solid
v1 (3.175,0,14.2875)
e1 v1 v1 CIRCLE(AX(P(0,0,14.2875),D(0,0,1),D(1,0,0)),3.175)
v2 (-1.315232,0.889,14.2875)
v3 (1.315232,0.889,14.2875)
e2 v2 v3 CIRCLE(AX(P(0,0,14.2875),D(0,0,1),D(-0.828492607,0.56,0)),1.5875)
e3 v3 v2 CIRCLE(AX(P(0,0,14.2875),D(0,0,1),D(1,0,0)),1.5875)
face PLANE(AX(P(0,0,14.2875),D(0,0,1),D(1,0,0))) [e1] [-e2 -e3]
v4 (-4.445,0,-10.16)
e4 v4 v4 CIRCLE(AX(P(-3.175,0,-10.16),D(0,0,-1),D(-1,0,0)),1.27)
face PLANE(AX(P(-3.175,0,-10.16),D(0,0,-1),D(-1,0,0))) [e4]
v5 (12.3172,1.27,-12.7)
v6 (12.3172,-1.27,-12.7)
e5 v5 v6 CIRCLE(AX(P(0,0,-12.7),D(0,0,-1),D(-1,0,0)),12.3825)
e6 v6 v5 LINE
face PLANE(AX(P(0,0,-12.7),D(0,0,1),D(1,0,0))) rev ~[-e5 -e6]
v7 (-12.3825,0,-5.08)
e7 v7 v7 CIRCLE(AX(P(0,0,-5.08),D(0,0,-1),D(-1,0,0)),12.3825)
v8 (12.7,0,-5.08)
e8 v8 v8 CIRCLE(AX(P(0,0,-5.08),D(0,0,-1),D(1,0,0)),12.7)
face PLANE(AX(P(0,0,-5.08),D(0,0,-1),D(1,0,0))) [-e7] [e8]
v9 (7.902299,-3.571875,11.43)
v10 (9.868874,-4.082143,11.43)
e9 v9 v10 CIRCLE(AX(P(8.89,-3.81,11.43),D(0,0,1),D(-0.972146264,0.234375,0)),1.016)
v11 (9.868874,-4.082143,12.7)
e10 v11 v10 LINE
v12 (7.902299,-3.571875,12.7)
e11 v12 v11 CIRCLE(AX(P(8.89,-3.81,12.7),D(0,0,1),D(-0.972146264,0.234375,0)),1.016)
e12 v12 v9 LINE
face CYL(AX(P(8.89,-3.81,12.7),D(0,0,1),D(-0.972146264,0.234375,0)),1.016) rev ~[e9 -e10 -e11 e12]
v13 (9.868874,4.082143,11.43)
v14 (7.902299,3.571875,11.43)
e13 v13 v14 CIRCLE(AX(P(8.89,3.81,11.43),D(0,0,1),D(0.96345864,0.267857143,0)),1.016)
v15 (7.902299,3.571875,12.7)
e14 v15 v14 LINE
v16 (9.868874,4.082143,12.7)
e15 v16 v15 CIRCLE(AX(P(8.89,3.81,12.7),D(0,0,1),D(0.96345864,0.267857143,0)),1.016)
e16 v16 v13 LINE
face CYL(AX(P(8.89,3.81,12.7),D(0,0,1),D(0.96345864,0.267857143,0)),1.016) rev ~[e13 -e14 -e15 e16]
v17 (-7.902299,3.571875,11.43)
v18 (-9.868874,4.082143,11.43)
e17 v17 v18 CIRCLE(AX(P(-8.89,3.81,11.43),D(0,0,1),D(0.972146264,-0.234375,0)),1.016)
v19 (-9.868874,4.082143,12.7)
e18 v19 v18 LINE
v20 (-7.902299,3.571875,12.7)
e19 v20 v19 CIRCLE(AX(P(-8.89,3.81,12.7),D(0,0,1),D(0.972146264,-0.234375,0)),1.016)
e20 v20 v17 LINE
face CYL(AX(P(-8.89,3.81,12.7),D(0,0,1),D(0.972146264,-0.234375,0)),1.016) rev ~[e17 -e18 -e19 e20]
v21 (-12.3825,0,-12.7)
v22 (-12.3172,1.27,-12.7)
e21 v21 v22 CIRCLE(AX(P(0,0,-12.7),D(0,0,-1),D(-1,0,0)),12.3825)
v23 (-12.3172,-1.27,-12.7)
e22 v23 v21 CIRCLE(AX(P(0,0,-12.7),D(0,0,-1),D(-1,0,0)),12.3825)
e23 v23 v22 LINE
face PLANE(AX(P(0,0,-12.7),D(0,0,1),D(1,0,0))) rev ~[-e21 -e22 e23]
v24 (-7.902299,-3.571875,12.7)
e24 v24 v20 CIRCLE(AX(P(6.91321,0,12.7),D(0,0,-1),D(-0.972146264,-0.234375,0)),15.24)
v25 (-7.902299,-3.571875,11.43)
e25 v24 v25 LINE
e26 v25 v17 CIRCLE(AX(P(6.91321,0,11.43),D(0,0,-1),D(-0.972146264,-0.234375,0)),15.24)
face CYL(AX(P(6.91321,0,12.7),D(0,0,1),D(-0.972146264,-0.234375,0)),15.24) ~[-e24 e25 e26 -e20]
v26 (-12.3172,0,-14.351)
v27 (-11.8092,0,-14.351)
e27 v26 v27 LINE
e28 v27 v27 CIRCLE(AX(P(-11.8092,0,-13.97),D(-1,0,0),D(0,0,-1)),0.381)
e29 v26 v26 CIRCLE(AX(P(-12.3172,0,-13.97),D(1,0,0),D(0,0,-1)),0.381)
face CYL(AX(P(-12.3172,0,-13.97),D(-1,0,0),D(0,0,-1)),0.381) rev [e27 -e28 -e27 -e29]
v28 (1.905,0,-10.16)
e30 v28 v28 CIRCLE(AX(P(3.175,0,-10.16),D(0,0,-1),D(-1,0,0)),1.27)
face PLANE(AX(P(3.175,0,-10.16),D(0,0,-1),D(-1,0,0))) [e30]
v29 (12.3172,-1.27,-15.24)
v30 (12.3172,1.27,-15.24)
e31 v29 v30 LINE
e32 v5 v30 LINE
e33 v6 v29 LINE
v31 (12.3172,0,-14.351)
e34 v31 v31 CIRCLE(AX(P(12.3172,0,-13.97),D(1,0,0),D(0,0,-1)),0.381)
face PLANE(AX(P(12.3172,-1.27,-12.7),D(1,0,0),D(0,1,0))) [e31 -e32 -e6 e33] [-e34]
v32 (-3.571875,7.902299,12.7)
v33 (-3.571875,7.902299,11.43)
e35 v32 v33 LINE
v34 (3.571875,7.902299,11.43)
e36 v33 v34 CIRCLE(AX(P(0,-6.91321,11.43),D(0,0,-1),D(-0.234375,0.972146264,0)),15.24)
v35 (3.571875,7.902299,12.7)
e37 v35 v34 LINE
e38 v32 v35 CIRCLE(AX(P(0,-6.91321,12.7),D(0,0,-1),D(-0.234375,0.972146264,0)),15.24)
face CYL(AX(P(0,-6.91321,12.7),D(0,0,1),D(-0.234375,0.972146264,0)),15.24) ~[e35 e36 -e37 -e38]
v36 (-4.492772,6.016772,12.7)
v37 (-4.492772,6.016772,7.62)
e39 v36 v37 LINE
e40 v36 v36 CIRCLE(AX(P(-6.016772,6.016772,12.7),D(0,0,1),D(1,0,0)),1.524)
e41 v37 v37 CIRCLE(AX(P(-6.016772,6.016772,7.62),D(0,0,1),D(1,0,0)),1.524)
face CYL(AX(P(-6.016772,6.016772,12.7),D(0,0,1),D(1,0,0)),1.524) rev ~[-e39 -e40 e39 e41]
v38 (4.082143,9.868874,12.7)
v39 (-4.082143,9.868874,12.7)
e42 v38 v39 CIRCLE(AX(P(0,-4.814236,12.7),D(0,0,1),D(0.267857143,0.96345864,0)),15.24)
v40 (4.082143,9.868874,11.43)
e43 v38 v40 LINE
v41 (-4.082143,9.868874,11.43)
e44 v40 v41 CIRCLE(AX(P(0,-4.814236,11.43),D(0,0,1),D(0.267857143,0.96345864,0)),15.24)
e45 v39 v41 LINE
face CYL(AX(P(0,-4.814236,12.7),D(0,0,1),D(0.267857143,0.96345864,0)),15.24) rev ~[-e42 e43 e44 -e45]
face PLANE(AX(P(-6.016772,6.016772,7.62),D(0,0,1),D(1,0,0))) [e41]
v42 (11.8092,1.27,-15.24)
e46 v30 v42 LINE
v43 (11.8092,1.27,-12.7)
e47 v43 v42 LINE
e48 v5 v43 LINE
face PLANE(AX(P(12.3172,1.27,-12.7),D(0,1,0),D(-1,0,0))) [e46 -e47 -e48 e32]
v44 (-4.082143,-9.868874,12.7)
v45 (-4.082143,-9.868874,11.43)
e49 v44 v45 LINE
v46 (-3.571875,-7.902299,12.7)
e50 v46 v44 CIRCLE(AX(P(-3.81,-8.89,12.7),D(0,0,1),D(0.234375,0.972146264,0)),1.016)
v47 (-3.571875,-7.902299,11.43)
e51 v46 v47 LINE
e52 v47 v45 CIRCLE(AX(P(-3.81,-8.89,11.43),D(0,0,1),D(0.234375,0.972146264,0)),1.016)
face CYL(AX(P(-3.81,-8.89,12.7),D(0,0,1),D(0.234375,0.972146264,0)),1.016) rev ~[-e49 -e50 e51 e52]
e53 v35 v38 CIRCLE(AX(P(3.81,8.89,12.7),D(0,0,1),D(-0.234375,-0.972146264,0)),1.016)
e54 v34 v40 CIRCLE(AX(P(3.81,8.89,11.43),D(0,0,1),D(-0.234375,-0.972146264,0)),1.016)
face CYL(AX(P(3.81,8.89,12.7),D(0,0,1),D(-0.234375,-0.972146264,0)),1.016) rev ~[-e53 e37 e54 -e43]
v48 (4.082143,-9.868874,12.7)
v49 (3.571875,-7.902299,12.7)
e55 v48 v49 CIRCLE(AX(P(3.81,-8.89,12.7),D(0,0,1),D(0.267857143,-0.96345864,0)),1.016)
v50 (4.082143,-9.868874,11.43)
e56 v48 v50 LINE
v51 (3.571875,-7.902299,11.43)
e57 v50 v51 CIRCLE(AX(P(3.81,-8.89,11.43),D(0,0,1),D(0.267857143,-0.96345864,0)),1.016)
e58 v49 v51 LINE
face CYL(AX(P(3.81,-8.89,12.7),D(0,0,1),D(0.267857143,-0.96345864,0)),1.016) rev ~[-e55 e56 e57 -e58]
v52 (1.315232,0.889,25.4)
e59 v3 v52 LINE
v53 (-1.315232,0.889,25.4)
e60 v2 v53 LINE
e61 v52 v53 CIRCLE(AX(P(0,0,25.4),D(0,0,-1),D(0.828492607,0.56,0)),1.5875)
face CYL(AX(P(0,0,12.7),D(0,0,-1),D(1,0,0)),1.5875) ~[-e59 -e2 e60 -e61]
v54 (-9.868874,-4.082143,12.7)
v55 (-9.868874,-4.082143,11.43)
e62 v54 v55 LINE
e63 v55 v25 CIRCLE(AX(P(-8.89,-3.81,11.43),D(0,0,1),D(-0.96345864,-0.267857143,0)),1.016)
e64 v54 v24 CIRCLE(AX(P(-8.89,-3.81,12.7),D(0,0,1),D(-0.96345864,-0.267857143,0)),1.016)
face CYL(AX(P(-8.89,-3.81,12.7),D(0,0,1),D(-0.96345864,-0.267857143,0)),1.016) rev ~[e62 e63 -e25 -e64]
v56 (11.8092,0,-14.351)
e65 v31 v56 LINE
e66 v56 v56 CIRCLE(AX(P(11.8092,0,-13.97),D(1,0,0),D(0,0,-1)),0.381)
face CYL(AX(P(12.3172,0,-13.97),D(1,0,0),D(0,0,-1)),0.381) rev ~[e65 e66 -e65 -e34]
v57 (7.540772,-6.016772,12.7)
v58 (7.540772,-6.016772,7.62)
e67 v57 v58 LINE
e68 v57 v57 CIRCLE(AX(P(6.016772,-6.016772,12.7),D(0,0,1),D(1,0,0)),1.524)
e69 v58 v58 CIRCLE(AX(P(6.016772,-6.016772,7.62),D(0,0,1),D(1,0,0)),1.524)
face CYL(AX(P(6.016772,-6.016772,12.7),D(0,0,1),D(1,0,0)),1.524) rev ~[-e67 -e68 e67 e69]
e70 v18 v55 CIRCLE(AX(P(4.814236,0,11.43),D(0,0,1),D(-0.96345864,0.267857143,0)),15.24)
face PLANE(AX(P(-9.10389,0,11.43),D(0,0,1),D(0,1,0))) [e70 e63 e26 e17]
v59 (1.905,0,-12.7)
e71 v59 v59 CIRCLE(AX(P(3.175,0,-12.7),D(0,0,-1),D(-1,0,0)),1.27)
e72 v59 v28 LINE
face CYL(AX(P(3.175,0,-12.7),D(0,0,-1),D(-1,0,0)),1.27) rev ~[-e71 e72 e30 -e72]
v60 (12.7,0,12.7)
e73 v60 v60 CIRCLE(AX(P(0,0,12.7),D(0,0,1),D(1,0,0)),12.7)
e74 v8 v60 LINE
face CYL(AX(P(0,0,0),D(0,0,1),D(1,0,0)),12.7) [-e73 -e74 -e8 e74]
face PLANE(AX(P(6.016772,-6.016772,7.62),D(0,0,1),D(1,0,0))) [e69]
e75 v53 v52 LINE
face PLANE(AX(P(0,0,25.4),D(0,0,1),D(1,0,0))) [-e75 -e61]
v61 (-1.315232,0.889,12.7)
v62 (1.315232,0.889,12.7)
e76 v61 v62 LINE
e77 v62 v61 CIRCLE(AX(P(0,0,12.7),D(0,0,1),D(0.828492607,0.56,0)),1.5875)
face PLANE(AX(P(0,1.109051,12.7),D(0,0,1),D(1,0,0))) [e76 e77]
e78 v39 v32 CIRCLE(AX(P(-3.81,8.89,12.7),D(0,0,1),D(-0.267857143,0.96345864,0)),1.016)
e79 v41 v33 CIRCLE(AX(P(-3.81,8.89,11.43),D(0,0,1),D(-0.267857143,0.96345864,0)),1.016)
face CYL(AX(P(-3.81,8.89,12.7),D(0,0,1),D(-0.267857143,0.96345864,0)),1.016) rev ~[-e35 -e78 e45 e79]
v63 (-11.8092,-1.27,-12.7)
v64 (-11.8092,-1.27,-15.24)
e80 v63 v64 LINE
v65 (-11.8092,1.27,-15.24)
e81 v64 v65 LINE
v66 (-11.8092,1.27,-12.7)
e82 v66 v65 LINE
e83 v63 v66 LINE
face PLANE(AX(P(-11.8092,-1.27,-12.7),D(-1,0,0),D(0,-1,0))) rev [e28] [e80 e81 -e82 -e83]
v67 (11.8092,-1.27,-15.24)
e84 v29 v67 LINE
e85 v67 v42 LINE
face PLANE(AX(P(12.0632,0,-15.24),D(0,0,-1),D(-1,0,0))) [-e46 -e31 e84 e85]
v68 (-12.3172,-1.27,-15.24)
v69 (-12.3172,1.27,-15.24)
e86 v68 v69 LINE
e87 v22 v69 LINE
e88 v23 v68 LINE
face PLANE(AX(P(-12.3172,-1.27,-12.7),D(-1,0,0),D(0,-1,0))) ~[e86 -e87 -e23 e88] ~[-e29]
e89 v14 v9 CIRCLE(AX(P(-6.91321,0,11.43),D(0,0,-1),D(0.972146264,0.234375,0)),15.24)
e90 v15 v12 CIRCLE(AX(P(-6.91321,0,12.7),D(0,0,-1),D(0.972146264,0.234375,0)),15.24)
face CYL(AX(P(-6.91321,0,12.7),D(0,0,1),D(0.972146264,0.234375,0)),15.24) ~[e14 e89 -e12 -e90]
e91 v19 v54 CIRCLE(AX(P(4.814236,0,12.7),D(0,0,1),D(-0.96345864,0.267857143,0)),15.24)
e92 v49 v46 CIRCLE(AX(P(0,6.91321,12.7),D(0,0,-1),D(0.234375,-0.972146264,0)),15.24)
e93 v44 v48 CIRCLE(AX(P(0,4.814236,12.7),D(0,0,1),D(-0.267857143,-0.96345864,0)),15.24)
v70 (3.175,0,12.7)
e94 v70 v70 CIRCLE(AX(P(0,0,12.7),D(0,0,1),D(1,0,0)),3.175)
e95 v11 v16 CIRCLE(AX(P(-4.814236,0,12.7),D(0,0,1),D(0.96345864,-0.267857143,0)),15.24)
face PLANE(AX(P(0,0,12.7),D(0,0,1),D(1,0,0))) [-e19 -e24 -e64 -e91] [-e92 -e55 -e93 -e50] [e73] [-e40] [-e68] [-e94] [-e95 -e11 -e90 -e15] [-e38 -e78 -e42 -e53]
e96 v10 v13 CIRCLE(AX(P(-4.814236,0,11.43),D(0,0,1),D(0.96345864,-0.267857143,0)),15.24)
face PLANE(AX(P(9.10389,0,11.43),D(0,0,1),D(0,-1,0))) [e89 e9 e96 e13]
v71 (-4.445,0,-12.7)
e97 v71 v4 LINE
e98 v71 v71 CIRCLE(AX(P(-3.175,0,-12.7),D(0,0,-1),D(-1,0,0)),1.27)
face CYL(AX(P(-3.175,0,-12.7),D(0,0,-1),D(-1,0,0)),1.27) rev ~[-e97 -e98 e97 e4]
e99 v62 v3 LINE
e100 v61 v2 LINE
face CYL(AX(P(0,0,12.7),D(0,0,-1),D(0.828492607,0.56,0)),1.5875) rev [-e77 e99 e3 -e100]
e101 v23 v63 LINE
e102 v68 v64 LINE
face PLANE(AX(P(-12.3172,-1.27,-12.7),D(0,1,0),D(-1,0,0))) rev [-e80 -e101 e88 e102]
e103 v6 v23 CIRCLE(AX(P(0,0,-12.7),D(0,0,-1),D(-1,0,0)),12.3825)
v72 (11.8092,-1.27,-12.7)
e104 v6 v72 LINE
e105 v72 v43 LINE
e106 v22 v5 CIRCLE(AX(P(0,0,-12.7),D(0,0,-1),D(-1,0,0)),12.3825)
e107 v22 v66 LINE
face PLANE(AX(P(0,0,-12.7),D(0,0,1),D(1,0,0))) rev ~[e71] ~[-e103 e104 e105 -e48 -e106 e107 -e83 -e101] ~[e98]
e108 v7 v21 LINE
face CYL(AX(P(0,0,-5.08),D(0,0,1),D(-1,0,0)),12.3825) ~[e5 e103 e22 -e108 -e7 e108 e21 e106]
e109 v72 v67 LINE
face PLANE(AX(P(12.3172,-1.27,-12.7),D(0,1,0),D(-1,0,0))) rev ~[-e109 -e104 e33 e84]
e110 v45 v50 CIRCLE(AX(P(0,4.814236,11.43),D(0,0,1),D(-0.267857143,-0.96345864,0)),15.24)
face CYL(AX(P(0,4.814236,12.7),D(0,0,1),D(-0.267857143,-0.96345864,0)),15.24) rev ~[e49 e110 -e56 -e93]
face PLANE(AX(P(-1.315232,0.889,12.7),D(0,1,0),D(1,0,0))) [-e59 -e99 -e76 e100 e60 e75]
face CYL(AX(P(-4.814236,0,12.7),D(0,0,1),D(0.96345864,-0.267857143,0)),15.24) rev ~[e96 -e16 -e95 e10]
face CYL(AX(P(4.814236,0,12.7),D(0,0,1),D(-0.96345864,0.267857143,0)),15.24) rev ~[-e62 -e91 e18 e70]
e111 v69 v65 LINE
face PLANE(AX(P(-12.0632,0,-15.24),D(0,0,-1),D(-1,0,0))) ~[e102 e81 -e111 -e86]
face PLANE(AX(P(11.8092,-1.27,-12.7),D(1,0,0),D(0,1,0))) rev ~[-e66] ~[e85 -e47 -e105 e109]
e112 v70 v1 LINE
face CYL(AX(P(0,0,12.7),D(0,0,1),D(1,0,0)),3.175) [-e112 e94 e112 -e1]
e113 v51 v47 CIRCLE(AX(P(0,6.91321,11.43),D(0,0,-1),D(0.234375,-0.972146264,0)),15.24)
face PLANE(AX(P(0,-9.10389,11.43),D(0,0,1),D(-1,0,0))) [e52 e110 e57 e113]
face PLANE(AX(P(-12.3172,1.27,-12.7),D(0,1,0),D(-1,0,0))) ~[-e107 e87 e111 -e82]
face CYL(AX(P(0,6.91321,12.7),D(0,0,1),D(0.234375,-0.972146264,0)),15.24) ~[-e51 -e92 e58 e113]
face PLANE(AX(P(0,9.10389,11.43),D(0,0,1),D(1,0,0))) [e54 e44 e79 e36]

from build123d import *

# Parameters (mm, degrees)
SKETCH2_R           = 12.7
BOSS_EXTRUDE1_DEPTH = 12.7
SKETCH3_R           = 3.175
SKETCH3_R_2         = 1.5875
BOSS_EXTRUDE2_DEPTH = 1.5875
SKETCH4_R           = 1.5875
BOSS_EXTRUDE3_DEPTH = 12.7
CUT_EXTRUDE1_START  = -12.7
CUT_EXTRUDE1_DEPTH  = 12.7
CUT_EXTRUDE2_DEPTH  = 1.27
CIRPATTERN1_COUNT   = 4
SKETCH7_R           = 1.524
CUT_EXTRUDE3_DEPTH  = 5.08
CUT_EXTRUDE4_START  = -7.62
SKETCH8_R           = 12.7
SKETCH8_R_2         = 12.3825
CUT_EXTRUDE4_DEPTH  = 7.62
SKETCH9_R           = 1.27
CUT_EXTRUDE5_DEPTH  = 2.54
SKETCH11_W          = 0.508
SKETCH11_H          = 2.54
BOSS_EXTRUDE4_DEPTH = 2.54
SKETCH12_R          = 0.381
CUT_EXTRUDE6_DEPTH  = 2.54


with BuildPart() as part:
    # Sketch2 → Boss-Extrude1 (new, symmetric)
    with BuildSketch(Plane.XY):
        Circle(SKETCH2_R)
    extrude(amount=BOSS_EXTRUDE1_DEPTH, both=True)

    # Sketch3 → Boss-Extrude2 (add, symmetric)
    with BuildSketch(Plane.XY.offset(12.7)):
        Circle(SKETCH3_R)
        Circle(SKETCH3_R_2, mode=Mode.SUBTRACT)
    extrude(amount=BOSS_EXTRUDE2_DEPTH, both=True)

    # Sketch4 → Boss-Extrude3 (add)
    with BuildSketch(Plane.XY.offset(12.7)):
        Circle(SKETCH4_R)
    extrude(amount=BOSS_EXTRUDE3_DEPTH)

    # Sketch5 → Cut-Extrude1 (cut)
    with BuildSketch(Plane.XY.offset(25.4).offset(CUT_EXTRUDE1_START)):
        with BuildLine():
            Line((-1.315232014, 0.889), (1.315232014, 0.889))
            ThreePointArc((1.315232014, 0.889), (0, 1.5875), (-1.315232014, 0.889))
        make_face()
    extrude(amount=CUT_EXTRUDE1_DEPTH, mode=Mode.SUBTRACT)

    # Sketch6 → Cut-Extrude2 (cut)
    with BuildSketch(Plane.XY.offset(12.7)):
        with BuildLine():
            ThreePointArc((-4.082142857, 9.868873978), (-4.793434391, 8.634827903), (-3.571875, 7.902299395))
            ThreePointArc((-3.571875, 7.902299395), (0, 8.326790326), (3.571875, 7.902299395))
            ThreePointArc((3.571875, 7.902299395), (4.793434391, 8.634827903), (4.082142857, 9.868873978))
            ThreePointArc((4.082142857, 9.868873978), (0, 10.425764304), (-4.082142857, 9.868873978))
        make_face()
    cut_extrude2 = extrude(amount=-CUT_EXTRUDE2_DEPTH, mode=Mode.SUBTRACT)

    # CirPattern1: Cut-Extrude2 ×4 about axis
    cirpattern1_axis = Axis((0, 0, 0), (0, 0, 1))
    for i in range(1, CIRPATTERN1_COUNT):
        add(cut_extrude2.rotate(cirpattern1_axis, i * 360 / CIRPATTERN1_COUNT), mode=Mode.SUBTRACT)

    # Sketch7 → Cut-Extrude3 (cut)
    with BuildSketch(Plane.XY.offset(12.7)):
        with Locations((-6.016771601, 6.016771601)):
            Circle(SKETCH7_R)
        with Locations((6.016771601, -6.016771601)):
            Circle(SKETCH7_R)
    extrude(amount=-CUT_EXTRUDE3_DEPTH, mode=Mode.SUBTRACT)

    # Sketch8 → Cut-Extrude4 (cut)
    with BuildSketch(Plane(origin=(0, 0, -12.7), x_dir=(-1, 0, 0), z_dir=(0, 0, -1)).offset(CUT_EXTRUDE4_START)):
        with Locations(Location((0, 0, 0), (0, 0, 180))):
            Circle(SKETCH8_R)
        Circle(SKETCH8_R_2, mode=Mode.SUBTRACT)
    extrude(amount=CUT_EXTRUDE4_DEPTH, mode=Mode.SUBTRACT)

    # Sketch9 → Cut-Extrude5 (cut)
    with BuildSketch(Plane(origin=(0, 0, -12.7), x_dir=(-1, 0, 0), z_dir=(0, 0, -1))):
        with Locations((-3.175, 0)):
            Circle(SKETCH9_R)
        with Locations((3.175, 0)):
            Circle(SKETCH9_R)
    extrude(amount=-CUT_EXTRUDE5_DEPTH, mode=Mode.SUBTRACT)

    # Sketch11 → Boss-Extrude4 (add)
    with BuildSketch(Plane(origin=(0, 0, -12.7), x_dir=(-1, 0, 0), z_dir=(0, 0, -1))):
        with Locations((-12.063199611, 0)):
            Rectangle(SKETCH11_W, SKETCH11_H)
    boss_extrude4 = extrude(amount=BOSS_EXTRUDE4_DEPTH)

    # Sketch12 → Cut-Extrude6 (cut)
    with BuildSketch(Plane(origin=(12.317199611, 0, 0), x_dir=(0, 0, -1), z_dir=(1, 0, 0))):
        with Locations((13.97, 0)):
            Circle(SKETCH12_R)
    cut_extrude6 = extrude(amount=-CUT_EXTRUDE6_DEPTH, mode=Mode.SUBTRACT)

    # Mirror1: Boss-Extrude4, Cut-Extrude6 across plane
    add(boss_extrude4.mirror(Plane(origin=(0, 0, 0), x_dir=(0, 0, 1), z_dir=(1, 0, 0))))
    add(cut_extrude6.mirror(Plane(origin=(0, 0, 0), x_dir=(0, 0, 1), z_dir=(1, 0, 0))), mode=Mode.SUBTRACT)


solid = part.part
